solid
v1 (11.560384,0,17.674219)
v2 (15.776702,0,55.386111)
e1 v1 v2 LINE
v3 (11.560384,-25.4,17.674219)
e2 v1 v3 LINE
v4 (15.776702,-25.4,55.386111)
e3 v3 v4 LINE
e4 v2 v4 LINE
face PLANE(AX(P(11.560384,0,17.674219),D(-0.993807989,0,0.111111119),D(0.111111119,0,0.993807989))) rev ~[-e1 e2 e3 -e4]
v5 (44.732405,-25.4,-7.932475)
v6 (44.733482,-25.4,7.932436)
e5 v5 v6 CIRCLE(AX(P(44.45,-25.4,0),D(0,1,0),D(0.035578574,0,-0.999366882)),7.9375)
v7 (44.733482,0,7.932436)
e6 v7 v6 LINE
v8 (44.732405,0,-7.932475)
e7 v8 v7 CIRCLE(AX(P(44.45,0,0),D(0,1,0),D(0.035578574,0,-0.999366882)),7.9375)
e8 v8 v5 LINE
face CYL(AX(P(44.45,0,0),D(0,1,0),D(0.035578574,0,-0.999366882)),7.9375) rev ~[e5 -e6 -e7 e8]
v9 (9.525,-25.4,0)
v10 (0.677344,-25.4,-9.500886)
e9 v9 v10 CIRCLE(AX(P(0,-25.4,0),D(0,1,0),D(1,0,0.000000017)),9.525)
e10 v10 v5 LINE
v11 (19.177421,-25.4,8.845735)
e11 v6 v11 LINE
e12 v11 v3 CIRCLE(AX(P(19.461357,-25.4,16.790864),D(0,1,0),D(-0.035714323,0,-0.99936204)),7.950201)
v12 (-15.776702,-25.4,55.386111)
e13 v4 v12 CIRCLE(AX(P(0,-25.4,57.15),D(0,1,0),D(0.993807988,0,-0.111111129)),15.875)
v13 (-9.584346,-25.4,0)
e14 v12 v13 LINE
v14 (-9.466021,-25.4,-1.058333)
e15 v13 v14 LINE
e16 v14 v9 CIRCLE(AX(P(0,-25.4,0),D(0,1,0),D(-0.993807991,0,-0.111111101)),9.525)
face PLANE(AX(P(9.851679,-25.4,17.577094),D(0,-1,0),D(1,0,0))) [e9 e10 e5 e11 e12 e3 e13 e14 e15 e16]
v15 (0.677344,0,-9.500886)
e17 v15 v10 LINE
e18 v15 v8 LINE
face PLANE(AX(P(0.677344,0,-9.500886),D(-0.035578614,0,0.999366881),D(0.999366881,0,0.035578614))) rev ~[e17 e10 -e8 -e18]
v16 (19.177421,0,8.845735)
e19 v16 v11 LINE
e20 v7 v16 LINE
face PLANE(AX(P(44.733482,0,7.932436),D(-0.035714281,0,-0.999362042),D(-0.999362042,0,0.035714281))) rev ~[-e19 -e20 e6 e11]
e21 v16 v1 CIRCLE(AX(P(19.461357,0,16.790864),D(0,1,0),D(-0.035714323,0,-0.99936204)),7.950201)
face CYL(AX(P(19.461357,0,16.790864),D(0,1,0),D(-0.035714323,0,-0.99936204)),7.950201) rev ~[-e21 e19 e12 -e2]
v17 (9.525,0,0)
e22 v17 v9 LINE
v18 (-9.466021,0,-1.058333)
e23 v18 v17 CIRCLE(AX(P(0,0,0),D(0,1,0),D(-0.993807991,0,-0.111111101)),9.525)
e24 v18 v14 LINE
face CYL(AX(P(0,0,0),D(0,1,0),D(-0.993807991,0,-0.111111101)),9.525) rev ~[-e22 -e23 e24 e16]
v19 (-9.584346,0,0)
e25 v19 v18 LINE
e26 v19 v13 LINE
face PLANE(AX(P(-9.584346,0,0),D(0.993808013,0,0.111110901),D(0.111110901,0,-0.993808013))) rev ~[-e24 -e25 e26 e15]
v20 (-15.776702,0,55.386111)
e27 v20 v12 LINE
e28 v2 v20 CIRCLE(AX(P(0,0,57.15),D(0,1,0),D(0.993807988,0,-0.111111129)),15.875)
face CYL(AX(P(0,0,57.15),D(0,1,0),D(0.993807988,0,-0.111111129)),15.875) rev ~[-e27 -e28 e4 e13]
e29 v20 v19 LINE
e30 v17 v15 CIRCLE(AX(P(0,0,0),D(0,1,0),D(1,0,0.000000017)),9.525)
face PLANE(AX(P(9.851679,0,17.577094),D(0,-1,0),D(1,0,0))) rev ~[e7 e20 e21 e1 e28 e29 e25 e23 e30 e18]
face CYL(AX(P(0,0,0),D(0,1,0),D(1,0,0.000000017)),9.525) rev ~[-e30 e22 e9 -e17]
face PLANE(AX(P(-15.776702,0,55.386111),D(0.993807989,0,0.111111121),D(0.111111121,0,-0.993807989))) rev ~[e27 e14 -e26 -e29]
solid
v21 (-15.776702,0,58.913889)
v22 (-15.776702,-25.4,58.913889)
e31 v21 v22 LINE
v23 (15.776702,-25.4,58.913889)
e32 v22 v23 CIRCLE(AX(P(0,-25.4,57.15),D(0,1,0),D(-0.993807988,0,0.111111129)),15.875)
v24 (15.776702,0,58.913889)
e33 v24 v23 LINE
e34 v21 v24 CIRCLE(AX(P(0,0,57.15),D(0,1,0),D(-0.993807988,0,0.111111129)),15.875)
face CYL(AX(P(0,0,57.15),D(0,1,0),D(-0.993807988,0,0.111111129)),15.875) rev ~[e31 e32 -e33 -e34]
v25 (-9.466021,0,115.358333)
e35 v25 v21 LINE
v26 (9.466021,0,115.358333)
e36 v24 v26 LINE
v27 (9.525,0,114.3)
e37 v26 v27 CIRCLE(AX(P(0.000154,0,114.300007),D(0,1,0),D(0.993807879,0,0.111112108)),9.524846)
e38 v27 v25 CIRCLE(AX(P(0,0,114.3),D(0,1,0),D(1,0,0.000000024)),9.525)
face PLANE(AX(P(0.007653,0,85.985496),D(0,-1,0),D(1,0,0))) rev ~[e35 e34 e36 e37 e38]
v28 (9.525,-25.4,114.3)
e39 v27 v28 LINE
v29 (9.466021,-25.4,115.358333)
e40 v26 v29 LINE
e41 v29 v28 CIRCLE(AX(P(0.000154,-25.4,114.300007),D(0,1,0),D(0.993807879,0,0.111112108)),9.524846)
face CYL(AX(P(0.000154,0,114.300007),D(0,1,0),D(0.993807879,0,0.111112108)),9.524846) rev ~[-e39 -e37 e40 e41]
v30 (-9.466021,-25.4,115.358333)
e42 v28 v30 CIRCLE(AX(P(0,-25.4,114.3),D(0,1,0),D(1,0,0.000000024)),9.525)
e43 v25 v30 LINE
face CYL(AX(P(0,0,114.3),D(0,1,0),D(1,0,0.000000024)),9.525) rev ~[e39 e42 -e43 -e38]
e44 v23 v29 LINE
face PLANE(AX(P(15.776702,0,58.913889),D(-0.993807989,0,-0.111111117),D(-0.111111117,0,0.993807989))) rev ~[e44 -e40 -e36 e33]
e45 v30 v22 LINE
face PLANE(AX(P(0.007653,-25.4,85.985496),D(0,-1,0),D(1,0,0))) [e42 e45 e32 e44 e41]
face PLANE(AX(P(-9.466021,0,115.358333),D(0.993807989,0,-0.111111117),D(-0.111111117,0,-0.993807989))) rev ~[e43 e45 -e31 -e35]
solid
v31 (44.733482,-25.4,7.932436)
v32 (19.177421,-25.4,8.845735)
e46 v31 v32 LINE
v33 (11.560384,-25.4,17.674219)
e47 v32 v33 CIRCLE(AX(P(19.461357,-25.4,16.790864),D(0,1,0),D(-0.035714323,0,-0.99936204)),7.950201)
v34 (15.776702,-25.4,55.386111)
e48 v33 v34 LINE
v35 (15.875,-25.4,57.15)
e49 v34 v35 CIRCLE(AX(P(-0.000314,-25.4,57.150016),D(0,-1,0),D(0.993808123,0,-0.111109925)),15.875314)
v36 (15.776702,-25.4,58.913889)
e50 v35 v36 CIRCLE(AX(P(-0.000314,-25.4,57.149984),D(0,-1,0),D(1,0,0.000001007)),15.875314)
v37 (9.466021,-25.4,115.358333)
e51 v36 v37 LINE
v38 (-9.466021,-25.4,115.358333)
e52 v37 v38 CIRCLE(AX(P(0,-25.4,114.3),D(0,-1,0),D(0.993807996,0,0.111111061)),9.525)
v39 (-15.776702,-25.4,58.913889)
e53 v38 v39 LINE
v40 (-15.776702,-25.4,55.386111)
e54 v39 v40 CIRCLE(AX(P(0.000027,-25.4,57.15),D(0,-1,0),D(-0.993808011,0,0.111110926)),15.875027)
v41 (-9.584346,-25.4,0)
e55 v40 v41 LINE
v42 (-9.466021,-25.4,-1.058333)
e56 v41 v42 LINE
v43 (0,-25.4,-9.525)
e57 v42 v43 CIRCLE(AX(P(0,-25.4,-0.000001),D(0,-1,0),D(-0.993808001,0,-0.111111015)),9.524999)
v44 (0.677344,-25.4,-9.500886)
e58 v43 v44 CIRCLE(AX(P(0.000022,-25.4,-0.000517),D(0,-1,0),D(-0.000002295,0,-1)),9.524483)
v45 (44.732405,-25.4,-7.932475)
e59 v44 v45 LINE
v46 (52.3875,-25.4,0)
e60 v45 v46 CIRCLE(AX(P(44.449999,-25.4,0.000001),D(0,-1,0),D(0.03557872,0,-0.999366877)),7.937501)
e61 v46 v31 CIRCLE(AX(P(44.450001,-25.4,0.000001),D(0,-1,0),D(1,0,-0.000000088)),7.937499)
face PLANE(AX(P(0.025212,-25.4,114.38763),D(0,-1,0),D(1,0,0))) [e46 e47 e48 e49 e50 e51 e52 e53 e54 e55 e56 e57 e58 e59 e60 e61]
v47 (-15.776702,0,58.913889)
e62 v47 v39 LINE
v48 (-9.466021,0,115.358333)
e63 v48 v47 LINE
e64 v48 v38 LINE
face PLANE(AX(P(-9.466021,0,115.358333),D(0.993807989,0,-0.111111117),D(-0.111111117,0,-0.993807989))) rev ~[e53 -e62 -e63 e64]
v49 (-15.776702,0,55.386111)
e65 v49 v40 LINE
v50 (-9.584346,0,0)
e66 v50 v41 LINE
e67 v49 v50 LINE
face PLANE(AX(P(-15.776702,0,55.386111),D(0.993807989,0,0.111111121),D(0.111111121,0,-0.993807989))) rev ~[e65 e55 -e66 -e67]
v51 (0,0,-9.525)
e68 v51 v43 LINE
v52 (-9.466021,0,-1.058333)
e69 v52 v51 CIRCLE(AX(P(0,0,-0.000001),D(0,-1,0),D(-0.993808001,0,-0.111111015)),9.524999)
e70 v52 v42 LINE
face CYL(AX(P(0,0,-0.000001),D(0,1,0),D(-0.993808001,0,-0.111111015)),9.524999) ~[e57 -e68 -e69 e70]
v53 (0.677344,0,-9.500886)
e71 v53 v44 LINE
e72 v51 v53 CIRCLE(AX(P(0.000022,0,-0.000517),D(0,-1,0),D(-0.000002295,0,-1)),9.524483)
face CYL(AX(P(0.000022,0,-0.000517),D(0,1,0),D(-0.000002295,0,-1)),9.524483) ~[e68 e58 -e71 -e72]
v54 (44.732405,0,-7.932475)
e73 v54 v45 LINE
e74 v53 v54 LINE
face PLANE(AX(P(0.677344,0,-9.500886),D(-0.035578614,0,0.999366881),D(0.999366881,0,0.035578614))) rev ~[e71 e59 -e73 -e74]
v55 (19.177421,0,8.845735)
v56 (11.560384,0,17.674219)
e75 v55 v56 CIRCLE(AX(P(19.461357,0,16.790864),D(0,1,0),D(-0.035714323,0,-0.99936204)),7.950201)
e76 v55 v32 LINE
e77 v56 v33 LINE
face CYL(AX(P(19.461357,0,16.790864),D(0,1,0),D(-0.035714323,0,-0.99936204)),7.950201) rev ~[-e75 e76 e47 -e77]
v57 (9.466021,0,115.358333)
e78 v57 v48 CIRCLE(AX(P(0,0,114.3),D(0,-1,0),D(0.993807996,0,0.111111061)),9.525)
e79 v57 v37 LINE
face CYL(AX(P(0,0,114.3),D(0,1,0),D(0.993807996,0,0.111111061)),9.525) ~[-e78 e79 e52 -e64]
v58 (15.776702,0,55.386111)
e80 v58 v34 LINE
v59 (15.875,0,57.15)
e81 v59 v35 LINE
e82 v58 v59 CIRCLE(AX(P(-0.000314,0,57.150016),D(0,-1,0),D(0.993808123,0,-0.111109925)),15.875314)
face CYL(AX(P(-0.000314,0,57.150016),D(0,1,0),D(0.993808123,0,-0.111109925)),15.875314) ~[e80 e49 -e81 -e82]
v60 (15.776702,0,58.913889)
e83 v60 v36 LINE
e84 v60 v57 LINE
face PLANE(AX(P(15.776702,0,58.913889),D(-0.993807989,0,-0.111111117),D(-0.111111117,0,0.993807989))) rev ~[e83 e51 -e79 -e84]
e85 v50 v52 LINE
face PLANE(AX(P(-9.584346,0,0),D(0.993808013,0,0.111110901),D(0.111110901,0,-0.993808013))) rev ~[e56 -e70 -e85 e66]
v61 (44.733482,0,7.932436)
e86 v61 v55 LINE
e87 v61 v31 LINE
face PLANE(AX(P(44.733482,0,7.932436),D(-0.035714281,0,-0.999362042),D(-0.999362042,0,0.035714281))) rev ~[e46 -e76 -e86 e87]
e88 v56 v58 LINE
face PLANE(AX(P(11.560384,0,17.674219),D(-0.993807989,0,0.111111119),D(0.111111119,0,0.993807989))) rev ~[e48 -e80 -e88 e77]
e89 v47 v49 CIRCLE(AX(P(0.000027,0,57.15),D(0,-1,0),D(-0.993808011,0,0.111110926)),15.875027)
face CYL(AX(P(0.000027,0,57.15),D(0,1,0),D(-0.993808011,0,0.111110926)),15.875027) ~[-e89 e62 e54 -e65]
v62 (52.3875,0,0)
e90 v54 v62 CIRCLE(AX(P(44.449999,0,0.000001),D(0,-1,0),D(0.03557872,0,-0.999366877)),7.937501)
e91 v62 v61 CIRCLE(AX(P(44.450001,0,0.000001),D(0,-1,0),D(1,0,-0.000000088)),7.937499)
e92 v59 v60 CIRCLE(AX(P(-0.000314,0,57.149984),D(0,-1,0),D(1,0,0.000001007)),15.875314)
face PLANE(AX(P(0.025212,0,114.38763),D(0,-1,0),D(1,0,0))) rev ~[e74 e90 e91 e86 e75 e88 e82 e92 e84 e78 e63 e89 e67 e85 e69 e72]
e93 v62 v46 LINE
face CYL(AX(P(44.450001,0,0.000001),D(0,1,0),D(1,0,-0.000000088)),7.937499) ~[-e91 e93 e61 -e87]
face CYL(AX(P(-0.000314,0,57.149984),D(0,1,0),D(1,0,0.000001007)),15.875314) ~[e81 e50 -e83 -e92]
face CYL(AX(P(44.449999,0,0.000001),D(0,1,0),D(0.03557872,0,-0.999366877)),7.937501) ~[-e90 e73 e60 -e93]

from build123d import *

# Parameters (mm, degrees)
F1_DEPTH = 25.4
F2_DEPTH = 25.4


with BuildPart() as f1:
    # F0 (on Front) → F1 (new body)
    with BuildSketch(Plane.XZ):
        with BuildLine():
            ThreePointArc((9.466021, 115.358333), (9.510244, 114.829988), (9.525, 114.3))
            ThreePointArc((9.525, 114.3), (-0.529988, 104.789756), (-9.466021, 115.358333))
            Line((-9.466021, 115.358333), (-15.776702, 58.913889))
            ThreePointArc((-15.776702, 58.913889), (0, 73.025), (15.776702, 58.913889))
            Line((15.776702, 58.913889), (9.466021, 115.358333))
        make_face()
        with BuildLine():
            ThreePointArc((15.776702, 55.386111), (0, 41.275), (-15.776702, 55.386111))
            Line((-15.776702, 55.386111), (-9.584346, 0))
            Line((-9.584346, 0), (-9.466021, -1.058333))
            ThreePointArc((-9.466021, -1.058333), (-0.529988, 9.510244), (9.525, 0))
            ThreePointArc((9.525, 0), (6.970557, -6.491299), (0.677344, -9.500886))
            Line((0.677344, -9.500886), (44.732405, -7.932475))
            ThreePointArc((44.732405, -7.932475), (36.5125, 0.000539), (44.733482, 7.932436))
            Line((44.733482, 7.932436), (19.177421, 8.845735))
            ThreePointArc((19.177421, 8.845735), (13.441912, 11.597409), (11.560384, 17.674219))
            Line((11.560384, 17.674219), (15.776702, 55.386111))
        make_face()
    extrude(amount=F1_DEPTH)


with BuildPart() as f2:
    # F0 (on Front) → F2 (new body)
    with BuildSketch(Plane.XZ):
        with BuildLine():
            ThreePointArc((-9.466021, 115.358333), (-0.529988, 104.789756), (9.525, 114.3))
            ThreePointArc((9.525, 114.3), (9.510244, 114.829988), (9.466021, 115.358333))
            ThreePointArc((9.466021, 115.358333), (0, 123.825), (-9.466021, 115.358333))
        make_face()
        with BuildLine():
            ThreePointArc((9.466021, 115.358333), (9.510244, 114.829988), (9.525, 114.3))
            ThreePointArc((9.525, 114.3), (-0.529988, 104.789756), (-9.466021, 115.358333))
            Line((-9.466021, 115.358333), (-15.776702, 58.913889))
            ThreePointArc((-15.776702, 58.913889), (0, 73.025), (15.776702, 58.913889))
            Line((15.776702, 58.913889), (9.466021, 115.358333))
        make_face()
        with BuildLine():
            ThreePointArc((15.875, 57.15), (15.850406, 58.033313), (15.776702, 58.913889))
            ThreePointArc((15.776702, 58.913889), (0, 73.025), (-15.776702, 58.913889))
            ThreePointArc((-15.776702, 58.913889), (-15.875, 57.15), (-15.776702, 55.386111))
            ThreePointArc((-15.776702, 55.386111), (0, 41.275), (15.776702, 55.386111))
            ThreePointArc((15.776702, 55.386111), (15.850406, 56.266687), (15.875, 57.15))
        make_face()
        with BuildLine():
            ThreePointArc((15.776702, 55.386111), (0, 41.275), (-15.776702, 55.386111))
            Line((-15.776702, 55.386111), (-9.584346, 0))
            Line((-9.584346, 0), (-9.466021, -1.058333))
            ThreePointArc((-9.466021, -1.058333), (-0.529988, 9.510244), (9.525, 0))
            ThreePointArc((9.525, 0), (6.970557, -6.491299), (0.677344, -9.500886))
            Line((0.677344, -9.500886), (44.732405, -7.932475))
            ThreePointArc((44.732405, -7.932475), (36.5125, 0.000539), (44.733482, 7.932436))
            Line((44.733482, 7.932436), (19.177421, 8.845735))
            ThreePointArc((19.177421, 8.845735), (13.441912, 11.597409), (11.560384, 17.674219))
            Line((11.560384, 17.674219), (15.776702, 55.386111))
        make_face()
        with BuildLine():
            ThreePointArc((9.525, 0), (-0.529988, 9.510244), (-9.466021, -1.058333))
            ThreePointArc((-9.466021, -1.058333), (-6.35, -7.099516), (0, -9.525))
            Line((0, -9.525), (0.677344, -9.500886))
            ThreePointArc((0.677344, -9.500886), (6.970557, -6.491299), (9.525, 0))
        make_face()
        with BuildLine():
            Line((0.677344, -9.500886), (0, -9.525))
            ThreePointArc((0, -9.525), (0.338886, -9.51897), (0.677344, -9.500886))
        make_face()
        with BuildLine():
            ThreePointArc((52.3875, 0), (50.162007, 5.511523), (44.733482, 7.932436))
            ThreePointArc((44.733482, 7.932436), (36.5125, 0.000539), (44.732405, -7.932475))
            ThreePointArc((44.732405, -7.932475), (50.161633, -5.51191), (52.3875, 0))
        make_face()
    extrude(amount=F2_DEPTH)


solid = Compound([f1.part, f2.part])
